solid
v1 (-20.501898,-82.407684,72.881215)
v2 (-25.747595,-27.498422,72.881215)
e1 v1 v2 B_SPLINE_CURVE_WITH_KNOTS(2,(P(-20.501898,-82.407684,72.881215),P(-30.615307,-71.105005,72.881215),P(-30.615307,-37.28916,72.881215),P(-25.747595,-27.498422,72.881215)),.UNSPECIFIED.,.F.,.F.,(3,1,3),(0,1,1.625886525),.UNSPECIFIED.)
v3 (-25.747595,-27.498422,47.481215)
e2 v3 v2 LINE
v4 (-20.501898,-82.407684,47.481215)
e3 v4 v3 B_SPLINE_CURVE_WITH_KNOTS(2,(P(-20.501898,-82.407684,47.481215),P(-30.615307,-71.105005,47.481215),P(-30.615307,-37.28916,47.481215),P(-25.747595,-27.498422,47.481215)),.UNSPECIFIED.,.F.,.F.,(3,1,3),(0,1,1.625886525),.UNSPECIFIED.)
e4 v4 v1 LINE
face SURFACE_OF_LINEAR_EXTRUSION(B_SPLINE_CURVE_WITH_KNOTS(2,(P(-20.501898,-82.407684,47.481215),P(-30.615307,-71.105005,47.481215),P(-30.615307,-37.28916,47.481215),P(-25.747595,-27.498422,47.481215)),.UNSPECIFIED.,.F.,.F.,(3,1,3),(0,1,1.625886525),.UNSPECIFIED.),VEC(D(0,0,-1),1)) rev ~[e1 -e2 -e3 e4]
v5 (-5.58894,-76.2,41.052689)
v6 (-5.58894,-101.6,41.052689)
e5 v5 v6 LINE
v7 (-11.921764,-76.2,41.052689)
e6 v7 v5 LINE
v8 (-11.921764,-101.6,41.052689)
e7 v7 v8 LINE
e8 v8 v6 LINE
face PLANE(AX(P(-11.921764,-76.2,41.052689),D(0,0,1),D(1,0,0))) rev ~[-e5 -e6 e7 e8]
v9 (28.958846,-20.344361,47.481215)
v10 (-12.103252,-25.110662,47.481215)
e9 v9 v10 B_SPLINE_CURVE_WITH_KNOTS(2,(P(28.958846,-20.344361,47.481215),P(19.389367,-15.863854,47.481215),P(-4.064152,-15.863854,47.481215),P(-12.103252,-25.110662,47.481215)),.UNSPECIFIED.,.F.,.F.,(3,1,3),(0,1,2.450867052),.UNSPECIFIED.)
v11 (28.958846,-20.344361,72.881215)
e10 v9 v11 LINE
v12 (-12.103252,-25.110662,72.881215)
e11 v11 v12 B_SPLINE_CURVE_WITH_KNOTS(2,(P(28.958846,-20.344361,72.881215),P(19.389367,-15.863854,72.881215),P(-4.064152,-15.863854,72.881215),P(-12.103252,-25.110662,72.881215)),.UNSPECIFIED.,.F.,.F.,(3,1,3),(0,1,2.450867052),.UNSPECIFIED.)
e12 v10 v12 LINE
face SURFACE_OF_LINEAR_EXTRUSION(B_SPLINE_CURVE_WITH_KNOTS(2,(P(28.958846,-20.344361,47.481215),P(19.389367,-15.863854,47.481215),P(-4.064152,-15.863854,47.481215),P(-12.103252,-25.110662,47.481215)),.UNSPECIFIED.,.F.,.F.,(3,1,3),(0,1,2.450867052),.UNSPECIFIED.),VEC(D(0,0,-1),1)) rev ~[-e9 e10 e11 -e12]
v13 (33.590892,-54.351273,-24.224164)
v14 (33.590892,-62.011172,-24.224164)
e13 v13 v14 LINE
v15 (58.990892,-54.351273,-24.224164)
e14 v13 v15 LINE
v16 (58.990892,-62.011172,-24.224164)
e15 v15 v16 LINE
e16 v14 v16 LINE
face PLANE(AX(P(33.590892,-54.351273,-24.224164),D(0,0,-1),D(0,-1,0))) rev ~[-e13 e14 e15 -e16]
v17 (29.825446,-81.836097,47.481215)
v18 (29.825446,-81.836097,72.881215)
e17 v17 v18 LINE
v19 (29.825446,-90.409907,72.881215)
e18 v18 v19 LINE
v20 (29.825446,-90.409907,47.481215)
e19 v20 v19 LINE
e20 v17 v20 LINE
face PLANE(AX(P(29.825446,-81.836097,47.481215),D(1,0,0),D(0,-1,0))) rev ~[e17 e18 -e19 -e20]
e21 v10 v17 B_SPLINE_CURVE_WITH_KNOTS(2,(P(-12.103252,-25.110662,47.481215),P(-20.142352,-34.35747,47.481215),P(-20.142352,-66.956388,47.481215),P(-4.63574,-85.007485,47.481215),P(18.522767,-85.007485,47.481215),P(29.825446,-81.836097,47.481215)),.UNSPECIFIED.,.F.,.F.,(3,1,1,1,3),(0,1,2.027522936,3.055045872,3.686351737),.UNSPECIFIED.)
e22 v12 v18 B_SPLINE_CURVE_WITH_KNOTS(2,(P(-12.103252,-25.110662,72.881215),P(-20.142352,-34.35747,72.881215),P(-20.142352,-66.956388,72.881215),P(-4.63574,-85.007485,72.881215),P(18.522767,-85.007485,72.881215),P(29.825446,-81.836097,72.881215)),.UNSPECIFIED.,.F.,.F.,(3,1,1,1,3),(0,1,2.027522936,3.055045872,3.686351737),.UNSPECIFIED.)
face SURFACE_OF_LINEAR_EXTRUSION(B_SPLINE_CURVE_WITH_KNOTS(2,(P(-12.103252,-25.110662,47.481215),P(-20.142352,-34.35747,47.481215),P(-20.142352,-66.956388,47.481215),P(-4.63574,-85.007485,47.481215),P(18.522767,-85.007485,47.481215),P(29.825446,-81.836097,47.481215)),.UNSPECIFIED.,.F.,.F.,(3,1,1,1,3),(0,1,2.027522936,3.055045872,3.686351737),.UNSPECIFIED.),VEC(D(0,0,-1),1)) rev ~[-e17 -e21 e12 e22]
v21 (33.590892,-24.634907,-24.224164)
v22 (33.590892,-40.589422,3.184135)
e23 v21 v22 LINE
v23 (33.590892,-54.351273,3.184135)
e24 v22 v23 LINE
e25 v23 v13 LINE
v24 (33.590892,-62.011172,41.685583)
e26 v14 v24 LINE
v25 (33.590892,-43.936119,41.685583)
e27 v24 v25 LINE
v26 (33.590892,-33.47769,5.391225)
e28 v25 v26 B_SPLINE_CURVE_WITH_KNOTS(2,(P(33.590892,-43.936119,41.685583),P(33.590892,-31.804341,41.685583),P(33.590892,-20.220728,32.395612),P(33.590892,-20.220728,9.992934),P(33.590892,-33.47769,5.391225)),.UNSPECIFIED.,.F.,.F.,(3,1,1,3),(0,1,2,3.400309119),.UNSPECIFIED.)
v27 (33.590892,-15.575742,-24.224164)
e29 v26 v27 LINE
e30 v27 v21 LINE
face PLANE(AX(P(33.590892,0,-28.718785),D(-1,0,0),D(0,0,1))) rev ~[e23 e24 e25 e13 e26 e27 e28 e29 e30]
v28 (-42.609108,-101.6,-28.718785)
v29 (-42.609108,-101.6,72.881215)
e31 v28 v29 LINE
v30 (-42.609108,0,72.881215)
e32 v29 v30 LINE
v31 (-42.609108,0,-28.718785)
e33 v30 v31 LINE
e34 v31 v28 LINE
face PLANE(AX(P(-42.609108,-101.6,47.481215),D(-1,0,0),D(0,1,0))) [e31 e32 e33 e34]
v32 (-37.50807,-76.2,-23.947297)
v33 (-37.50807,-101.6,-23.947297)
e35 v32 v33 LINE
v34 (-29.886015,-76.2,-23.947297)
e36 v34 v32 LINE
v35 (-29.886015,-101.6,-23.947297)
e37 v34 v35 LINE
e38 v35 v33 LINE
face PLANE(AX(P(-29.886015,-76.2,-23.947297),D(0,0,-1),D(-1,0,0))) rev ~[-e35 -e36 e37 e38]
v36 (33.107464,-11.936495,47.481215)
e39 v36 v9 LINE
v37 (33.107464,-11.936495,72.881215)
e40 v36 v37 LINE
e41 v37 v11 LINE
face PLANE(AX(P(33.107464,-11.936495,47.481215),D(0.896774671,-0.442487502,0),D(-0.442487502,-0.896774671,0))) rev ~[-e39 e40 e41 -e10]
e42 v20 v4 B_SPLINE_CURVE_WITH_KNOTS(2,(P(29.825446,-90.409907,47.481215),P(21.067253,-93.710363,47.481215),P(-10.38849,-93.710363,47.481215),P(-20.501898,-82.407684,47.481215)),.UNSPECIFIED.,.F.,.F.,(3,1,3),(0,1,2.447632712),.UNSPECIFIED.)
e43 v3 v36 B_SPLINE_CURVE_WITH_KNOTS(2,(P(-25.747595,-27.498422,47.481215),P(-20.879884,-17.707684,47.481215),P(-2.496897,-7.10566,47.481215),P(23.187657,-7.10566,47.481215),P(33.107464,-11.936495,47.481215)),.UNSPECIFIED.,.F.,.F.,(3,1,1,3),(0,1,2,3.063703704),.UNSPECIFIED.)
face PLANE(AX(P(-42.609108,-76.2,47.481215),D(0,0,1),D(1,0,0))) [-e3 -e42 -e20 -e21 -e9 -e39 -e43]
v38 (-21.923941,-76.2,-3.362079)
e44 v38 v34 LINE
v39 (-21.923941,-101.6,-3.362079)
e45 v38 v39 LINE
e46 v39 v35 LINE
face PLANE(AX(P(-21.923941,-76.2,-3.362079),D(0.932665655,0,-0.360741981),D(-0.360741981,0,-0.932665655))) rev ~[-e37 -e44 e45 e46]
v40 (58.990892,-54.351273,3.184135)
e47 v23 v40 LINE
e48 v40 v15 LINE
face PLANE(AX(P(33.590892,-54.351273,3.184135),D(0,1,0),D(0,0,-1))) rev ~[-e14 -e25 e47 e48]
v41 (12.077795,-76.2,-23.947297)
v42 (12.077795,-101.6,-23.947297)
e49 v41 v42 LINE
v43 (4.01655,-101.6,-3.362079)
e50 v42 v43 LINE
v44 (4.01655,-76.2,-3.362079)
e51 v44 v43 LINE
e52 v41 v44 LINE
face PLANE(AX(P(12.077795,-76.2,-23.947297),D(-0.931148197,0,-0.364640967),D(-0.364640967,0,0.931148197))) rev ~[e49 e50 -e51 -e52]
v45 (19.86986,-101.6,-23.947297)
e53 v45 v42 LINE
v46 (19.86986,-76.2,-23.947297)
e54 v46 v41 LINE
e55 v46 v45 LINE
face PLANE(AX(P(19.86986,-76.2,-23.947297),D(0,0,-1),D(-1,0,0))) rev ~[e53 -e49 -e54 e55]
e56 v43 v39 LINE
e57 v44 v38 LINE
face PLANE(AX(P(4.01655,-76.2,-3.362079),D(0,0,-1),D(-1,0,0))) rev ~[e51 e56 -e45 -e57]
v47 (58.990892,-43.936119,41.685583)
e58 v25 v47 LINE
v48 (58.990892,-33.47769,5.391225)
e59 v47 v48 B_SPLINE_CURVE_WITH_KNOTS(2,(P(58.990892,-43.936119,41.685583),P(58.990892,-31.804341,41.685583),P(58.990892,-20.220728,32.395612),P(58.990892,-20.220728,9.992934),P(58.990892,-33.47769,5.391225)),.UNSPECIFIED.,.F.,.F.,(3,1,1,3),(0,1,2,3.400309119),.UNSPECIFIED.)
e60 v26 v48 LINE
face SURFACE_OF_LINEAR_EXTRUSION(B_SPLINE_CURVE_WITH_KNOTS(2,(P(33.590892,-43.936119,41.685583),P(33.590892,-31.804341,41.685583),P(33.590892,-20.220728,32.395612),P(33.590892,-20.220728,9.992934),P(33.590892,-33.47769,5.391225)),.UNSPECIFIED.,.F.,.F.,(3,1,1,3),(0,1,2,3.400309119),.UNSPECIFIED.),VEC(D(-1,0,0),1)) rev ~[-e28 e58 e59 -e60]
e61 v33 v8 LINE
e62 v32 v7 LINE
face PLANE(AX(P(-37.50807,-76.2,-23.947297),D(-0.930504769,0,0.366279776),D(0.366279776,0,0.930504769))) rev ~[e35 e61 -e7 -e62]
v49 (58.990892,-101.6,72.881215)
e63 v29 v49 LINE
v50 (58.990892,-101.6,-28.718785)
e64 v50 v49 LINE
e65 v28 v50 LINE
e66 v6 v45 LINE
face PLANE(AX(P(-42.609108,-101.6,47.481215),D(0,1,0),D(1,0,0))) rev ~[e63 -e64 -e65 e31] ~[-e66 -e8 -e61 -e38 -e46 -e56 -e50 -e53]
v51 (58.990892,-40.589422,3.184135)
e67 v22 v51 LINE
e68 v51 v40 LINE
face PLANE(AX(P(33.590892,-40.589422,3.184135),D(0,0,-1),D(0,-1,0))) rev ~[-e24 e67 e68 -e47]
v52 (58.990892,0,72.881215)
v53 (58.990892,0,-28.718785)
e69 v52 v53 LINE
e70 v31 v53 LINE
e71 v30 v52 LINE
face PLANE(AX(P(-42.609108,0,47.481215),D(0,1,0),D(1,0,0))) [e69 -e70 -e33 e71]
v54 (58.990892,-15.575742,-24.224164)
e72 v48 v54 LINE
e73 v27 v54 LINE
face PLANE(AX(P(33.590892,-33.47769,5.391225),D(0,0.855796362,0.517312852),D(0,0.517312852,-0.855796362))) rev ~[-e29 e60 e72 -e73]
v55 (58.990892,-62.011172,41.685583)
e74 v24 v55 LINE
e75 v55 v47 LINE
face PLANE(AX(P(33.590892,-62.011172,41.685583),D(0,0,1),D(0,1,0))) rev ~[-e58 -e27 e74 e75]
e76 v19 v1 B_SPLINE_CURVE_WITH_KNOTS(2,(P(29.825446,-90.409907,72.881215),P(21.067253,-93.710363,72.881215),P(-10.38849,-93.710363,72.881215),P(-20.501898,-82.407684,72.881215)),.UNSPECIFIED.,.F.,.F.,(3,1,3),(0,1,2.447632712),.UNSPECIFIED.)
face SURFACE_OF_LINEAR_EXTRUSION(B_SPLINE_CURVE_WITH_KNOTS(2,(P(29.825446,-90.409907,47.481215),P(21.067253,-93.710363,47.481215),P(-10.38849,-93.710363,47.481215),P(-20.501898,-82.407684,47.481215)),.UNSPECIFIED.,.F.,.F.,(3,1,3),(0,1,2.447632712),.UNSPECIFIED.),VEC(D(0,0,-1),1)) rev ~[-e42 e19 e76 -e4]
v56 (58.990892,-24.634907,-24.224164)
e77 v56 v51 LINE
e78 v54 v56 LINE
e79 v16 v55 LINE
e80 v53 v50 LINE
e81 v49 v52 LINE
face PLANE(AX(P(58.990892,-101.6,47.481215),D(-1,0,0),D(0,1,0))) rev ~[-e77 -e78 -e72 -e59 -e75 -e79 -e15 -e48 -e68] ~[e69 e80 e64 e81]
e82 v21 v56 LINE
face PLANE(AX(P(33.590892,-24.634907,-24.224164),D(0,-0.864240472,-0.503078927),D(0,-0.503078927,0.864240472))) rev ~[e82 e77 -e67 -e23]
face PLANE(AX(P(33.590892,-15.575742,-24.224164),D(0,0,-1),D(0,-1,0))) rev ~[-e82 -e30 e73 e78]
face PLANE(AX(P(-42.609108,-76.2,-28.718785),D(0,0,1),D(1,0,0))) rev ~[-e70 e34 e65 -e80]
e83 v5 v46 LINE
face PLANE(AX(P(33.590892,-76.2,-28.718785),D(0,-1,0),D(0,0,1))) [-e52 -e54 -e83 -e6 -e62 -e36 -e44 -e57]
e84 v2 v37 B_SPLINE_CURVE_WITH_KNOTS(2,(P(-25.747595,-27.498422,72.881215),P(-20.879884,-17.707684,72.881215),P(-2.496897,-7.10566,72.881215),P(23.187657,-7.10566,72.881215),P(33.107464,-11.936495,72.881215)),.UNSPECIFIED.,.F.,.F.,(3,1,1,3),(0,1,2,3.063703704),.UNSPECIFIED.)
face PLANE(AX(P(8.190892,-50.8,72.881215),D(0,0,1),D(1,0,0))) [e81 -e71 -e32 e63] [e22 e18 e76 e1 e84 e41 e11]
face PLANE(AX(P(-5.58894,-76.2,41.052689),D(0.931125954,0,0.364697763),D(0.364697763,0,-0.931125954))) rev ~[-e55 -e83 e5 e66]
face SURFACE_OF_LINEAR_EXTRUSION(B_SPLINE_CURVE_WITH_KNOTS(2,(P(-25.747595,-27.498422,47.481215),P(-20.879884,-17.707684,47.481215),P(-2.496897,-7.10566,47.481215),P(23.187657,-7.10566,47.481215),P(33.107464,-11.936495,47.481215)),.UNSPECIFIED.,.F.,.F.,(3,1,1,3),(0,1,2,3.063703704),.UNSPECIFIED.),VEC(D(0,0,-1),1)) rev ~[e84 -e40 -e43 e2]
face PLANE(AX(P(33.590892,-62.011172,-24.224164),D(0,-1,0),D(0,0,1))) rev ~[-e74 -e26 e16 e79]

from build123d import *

# Parameters (mm, degrees)
F0_W     = 76.2
F0_H     = 76.2
F1_DEPTH = 76.2
F2_W     = 76.2
F2_H     = 76.2
F3_DEPTH = 25.4
F4_W     = 101.6
F4_H     = 76.2
F5_DEPTH = 25.4
F6_W     = 101.6
F6_H     = 101.6
F7_DEPTH = 25.4


with BuildPart() as f1:
    # F0 (on Front) → F1 (new body)
    with BuildSketch(Plane.XZ):
        with Locations((-4.5091081411, 9.3812153666)):
            Rectangle(F0_W, F0_H)
    extrude(amount=F1_DEPTH)

    # F2 (on face) → F3 (join)
    with BuildSketch(Plane.YZ.offset(33.5908918589)):
        with Locations((-38.1, 9.3812153666)):
            Rectangle(F2_W, F2_H)
        with BuildLine():
            Line((-40.5894218998, 3.1841353355), (-54.3512732325, 3.1841353355))
            Line((-54.3512732325, 3.1841353355), (-54.3512732325, -24.2241639644))
            Line((-54.3512732325, -24.2241639644), (-62.0111716158, -24.2241639644))
            Line((-62.0111716158, -24.2241639644), (-62.0111716158, 41.6855831415))
            Line((-62.0111716158, 41.6855831415), (-43.9361194985, 41.6855831415))
            add(Edge.make_bspline(
                [(-43.9361194985, 41.6855831415), (-31.8043407032, 41.6855831415), (-26.0125342985, 37.0405976812)],
                knots=[0, 0, 0, 1, 1, 1], degree=2))
            add(Edge.make_bspline(
                [(-26.0125342985, 37.0405976812), (-20.2207278938, 32.3956122209), (-20.2207278938, 23.0623650382)],
                knots=[0, 0, 0, 1, 1, 1], degree=2))
            add(Edge.make_bspline(
                [(-20.2207278938, 23.0623650382), (-20.2207278938, 9.9929338984), (-33.4776895025, 5.3912247002)],
                knots=[0, 0, 0, 1, 1, 1], degree=2))
            Line((-33.4776895025, 5.3912247002), (-15.5757424335, -24.2241639644))
            Line((-15.5757424335, -24.2241639644), (-24.6349066232, -24.2241639644))
            Line((-24.6349066232, -24.2241639644), (-40.5894218998, 3.1841353355))
        make_face(mode=Mode.SUBTRACT)
    extrude(amount=F3_DEPTH)

    # F4 (on face) → F5 (join)
    with BuildSketch(Plane.XZ.offset(76.2)):
        with Locations((8.1908918589, 9.3812153666)):
            Rectangle(F4_W, F4_H)
        Polygon((19.8698597014, -23.9472966641), (12.0777951104, -23.9472966641), (4.0165501062, -3.3620787536), (-21.9239412868, -3.3620787536), (-29.8860145599, -23.9472966641), (-37.5080704689, -23.9472966641), (-11.92176383, 41.0526894153), (-5.588940426, 41.0526894153), align=None, mode=Mode.SUBTRACT)
    extrude(amount=F5_DEPTH)

    # F6 (on face) → F7 (join)
    with BuildSketch(Plane.XY.offset(47.4812153666)):
        with Locations((8.1908918589, -50.8)):
            Rectangle(F6_W, F6_H)
        with BuildLine():
            add(Edge.make_bspline(
                [(28.9588458513, -20.3443608997), (19.3893672711, -15.8638535876), (9.8198886909, -15.8638535876)],
                knots=[0, 0, 0, 1, 1, 1], degree=2))
            add(Edge.make_bspline(
                [(9.8198886909, -15.8638535876), (-4.0641524861, -15.8638535876), (-12.1032520256, -25.1106618881)],
                knots=[0, 0, 0, 1, 1, 1], degree=2))
            add(Edge.make_bspline(
                [(-12.1032520256, -25.1106618881), (-20.142351565, -34.3574701886), (-20.142351565, -50.4356692674)],
                knots=[0, 0, 0, 1, 1, 1], degree=2))
            add(Edge.make_bspline(
                [(-20.142351565, -50.4356692674), (-20.142351565, -66.956387587), (-12.3890457018, -75.9819362672)],
                knots=[0, 0, 0, 1, 1, 1], degree=2))
            add(Edge.make_bspline(
                [(-12.3890457018, -75.9819362672), (-4.6357398387, -85.0074849473), (9.7092588807, -85.0074849473)],
                knots=[0, 0, 0, 1, 1, 1], degree=2))
            add(Edge.make_bspline(
                [(9.7092588807, -85.0074849473), (18.5227670914, -85.0074849473), (29.825446031, -81.8360970556)],
                knots=[0, 0, 0, 1, 1, 1], degree=2))
            Line((29.825446031, -81.8360970556), (29.825446031, -90.4099073442))
            add(Edge.make_bspline(
                [(29.825446031, -90.4099073442), (21.0672527254, -93.7103633478), (8.2157564434, -93.7103633478)],
                knots=[0, 0, 0, 1, 1, 1], degree=2))
            add(Edge.make_bspline(
                [(8.2157564434, -93.7103633478), (-10.3884899678, -93.7103633478), (-20.501898448, -82.4076844082)],
                knots=[0, 0, 0, 1, 1, 1], degree=2))
            add(Edge.make_bspline(
                [(-20.501898448, -82.4076844082), (-30.6153069283, -71.1050054686), (-30.6153069283, -50.3066011556)],
                knots=[0, 0, 0, 1, 1, 1], degree=2))
            add(Edge.make_bspline(
                [(-30.6153069283, -50.3066011556), (-30.6153069283, -37.2891601583), (-25.7475952805, -27.4984219577)],
                knots=[0, 0, 0, 1, 1, 1], degree=2))
            add(Edge.make_bspline(
                [(-25.7475952805, -27.4984219577), (-20.8798836328, -17.7076837572), (-11.6883902374, -12.4066720196)],
                knots=[0, 0, 0, 1, 1, 1], degree=2))
            add(Edge.make_bspline(
                [(-11.6883902374, -12.4066720196), (-2.496896842, -7.105660282), (9.9489568028, -7.105660282)],
                knots=[0, 0, 0, 1, 1, 1], degree=2))
            add(Edge.make_bspline(
                [(9.9489568028, -7.105660282), (23.1876574204, -7.105660282), (33.1074637329, -11.9364953264)],
                knots=[0, 0, 0, 1, 1, 1], degree=2))
            Line((33.1074637329, -11.9364953264), (28.9588458513, -20.3443608997))
        make_face(mode=Mode.SUBTRACT)
    extrude(amount=F7_DEPTH)


solid = f1.part
